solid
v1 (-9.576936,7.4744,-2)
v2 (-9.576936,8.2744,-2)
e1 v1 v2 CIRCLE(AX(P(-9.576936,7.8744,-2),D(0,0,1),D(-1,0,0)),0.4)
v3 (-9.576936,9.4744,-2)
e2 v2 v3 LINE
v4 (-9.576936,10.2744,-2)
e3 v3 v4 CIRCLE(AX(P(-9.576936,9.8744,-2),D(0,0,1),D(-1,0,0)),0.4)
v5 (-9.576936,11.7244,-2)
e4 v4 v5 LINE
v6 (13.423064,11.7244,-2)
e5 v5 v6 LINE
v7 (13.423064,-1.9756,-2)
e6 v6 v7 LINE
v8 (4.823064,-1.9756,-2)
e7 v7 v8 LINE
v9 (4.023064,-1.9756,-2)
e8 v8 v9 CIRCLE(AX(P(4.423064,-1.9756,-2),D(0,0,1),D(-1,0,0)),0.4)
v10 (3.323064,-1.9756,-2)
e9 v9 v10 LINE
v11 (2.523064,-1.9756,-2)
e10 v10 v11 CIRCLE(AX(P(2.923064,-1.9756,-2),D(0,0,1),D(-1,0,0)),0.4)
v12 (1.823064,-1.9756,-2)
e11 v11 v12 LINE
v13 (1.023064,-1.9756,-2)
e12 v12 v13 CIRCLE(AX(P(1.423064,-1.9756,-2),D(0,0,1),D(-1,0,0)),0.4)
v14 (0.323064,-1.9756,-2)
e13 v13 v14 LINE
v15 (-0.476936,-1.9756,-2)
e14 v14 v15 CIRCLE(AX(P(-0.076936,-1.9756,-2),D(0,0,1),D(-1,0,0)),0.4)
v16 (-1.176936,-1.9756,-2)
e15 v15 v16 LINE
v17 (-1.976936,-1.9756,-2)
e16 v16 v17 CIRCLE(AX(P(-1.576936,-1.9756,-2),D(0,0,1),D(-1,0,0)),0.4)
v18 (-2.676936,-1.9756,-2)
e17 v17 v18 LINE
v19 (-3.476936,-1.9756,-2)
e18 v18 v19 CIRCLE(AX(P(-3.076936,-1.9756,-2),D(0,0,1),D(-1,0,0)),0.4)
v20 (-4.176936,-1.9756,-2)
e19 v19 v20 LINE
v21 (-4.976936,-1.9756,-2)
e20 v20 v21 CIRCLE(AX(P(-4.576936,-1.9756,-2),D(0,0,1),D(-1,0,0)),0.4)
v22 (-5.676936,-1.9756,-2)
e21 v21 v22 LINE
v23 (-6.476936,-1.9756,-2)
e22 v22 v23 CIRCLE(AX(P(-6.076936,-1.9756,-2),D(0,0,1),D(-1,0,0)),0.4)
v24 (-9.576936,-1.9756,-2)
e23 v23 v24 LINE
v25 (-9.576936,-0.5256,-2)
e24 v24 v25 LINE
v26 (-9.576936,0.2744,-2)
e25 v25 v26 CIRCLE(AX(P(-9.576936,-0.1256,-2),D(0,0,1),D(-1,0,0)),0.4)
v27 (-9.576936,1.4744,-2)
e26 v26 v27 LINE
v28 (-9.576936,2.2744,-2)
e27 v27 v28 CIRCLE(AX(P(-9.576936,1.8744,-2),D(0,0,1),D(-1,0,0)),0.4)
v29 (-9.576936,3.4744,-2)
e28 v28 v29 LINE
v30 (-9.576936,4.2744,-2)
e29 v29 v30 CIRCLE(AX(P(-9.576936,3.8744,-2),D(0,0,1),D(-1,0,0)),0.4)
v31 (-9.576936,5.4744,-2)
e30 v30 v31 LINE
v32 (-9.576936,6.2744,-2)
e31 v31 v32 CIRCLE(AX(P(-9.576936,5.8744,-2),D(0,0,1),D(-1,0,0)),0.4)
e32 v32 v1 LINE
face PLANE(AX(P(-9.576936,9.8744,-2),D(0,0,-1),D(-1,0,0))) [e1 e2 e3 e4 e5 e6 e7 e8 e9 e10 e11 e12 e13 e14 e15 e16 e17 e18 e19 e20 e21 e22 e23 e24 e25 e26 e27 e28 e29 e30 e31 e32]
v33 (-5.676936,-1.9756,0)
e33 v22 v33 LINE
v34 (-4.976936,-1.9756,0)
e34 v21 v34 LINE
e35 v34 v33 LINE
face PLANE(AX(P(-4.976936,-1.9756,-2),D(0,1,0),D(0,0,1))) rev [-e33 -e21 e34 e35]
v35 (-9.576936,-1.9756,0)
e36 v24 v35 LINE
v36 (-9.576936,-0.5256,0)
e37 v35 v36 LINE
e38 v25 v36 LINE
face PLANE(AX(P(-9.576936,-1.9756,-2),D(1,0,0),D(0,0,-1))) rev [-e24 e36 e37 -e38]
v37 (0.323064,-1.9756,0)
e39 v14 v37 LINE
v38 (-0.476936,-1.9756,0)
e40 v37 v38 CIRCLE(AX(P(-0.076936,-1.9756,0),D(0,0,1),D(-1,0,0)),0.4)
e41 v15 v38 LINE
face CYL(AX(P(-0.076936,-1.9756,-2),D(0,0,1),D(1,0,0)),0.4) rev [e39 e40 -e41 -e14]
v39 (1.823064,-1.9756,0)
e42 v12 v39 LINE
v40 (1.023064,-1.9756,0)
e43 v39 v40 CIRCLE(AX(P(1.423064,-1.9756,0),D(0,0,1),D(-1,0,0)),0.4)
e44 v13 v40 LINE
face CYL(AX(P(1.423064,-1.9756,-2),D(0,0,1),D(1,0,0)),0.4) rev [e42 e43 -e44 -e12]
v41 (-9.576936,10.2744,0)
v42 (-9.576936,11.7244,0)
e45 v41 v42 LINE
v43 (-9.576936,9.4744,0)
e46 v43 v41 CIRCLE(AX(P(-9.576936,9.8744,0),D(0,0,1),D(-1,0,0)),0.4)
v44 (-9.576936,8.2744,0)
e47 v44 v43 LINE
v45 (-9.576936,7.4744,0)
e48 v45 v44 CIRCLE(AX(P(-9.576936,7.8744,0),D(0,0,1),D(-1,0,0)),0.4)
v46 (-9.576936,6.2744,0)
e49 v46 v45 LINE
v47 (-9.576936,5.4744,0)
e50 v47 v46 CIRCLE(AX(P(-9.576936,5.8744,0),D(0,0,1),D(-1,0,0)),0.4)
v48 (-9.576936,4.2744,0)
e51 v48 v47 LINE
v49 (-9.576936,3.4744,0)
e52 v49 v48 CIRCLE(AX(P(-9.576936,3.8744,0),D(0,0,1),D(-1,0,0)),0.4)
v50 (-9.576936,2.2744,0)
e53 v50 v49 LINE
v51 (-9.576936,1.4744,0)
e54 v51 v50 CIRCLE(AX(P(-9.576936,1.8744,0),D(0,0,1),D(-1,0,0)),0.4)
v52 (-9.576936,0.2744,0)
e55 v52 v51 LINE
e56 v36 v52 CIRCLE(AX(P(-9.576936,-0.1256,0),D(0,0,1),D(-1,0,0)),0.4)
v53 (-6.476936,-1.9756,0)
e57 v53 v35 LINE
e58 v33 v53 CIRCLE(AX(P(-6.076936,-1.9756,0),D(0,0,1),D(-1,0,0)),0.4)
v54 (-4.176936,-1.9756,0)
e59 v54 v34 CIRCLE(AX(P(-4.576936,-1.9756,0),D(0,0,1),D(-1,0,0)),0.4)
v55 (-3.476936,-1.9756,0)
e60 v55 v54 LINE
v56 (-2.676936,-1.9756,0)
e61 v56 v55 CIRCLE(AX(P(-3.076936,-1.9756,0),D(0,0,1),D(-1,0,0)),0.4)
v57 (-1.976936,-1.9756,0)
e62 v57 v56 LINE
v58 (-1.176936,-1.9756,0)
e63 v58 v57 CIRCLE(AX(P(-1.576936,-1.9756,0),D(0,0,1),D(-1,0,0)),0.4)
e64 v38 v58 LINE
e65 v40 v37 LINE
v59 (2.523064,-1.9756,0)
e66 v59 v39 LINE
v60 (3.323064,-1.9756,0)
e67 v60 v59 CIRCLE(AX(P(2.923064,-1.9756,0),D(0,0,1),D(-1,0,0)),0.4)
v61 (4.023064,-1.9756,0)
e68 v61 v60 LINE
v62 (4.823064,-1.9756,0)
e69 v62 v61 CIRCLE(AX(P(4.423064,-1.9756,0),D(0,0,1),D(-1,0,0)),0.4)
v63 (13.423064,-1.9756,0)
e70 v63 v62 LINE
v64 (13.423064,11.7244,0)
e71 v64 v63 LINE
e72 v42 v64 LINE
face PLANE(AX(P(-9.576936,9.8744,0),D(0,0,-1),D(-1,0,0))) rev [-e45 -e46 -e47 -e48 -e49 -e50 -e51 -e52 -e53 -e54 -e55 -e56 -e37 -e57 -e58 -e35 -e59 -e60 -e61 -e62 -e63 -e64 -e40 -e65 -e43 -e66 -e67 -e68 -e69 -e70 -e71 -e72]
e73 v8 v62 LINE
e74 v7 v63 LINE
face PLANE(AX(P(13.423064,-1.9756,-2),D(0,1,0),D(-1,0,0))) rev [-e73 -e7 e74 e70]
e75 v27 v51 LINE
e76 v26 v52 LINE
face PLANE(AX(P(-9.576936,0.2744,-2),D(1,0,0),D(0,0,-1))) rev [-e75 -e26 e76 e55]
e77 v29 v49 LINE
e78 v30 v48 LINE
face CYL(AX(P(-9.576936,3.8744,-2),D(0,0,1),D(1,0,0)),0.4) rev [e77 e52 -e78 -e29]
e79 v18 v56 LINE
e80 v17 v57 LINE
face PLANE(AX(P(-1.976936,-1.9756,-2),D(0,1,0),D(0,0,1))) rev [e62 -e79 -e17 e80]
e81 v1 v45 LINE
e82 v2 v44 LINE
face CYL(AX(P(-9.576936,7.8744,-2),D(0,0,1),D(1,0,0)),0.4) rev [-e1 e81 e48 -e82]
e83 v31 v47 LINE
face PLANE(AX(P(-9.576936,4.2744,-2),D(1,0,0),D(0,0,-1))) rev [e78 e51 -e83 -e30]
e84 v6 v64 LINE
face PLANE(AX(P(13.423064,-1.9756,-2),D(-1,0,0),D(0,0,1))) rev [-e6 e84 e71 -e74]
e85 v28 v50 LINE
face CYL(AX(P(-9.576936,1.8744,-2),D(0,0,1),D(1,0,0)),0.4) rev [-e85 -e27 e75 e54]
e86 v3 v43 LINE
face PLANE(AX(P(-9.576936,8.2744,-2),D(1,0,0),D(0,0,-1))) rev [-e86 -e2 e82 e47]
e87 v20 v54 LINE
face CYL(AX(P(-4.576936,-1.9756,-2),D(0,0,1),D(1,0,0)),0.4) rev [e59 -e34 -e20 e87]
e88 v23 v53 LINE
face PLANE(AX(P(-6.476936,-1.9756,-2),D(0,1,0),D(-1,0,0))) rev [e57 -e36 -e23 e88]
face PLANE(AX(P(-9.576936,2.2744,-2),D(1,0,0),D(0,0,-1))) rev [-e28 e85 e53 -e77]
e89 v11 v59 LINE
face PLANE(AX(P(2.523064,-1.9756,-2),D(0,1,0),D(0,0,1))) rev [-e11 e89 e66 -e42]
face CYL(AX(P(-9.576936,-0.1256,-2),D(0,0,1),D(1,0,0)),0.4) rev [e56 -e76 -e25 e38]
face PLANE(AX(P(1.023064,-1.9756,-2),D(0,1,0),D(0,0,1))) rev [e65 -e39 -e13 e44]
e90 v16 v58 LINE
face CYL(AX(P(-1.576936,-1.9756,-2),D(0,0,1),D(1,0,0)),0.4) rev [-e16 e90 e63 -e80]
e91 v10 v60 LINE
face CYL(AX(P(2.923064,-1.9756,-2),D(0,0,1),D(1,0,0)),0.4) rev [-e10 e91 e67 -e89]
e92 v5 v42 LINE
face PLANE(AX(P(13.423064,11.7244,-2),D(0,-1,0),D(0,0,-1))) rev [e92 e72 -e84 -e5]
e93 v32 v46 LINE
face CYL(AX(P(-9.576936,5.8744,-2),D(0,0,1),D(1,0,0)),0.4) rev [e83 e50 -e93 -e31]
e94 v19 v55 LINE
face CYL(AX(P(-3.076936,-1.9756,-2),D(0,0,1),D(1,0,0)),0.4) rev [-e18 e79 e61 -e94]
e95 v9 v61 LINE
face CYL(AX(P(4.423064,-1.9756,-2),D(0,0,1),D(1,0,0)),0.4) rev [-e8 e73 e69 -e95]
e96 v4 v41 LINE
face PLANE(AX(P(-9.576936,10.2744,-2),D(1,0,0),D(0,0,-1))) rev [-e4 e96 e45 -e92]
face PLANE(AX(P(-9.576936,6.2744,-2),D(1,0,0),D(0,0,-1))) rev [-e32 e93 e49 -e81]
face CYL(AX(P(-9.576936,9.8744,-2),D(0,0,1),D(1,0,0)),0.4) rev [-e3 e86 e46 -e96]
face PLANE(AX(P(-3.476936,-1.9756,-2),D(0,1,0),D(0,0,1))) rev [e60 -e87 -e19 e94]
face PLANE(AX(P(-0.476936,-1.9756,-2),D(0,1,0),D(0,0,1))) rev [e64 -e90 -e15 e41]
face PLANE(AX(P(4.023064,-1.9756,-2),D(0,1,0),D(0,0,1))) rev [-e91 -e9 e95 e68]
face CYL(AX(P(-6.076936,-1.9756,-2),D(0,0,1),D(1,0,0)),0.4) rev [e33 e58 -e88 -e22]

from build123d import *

# Parameters (mm, degrees)
EXTRUDE_1_DEPTH = 2


with BuildPart() as part:
    # Эскиз1 → Бобышка-Вытянуть1 (new body)
    with BuildSketch(Plane(origin=(0, 0, 0), x_dir=(-1, 0, 0), z_dir=(0, 0, -1))):
        with BuildLine():
            Line((-4.023063957, -1.975599526), (-3.323063957, -1.975599526))
            ThreePointArc((-3.323063957, -1.975599526), (-2.923063957, -1.575599526), (-2.523063957, -1.975599526))
            Line((-2.523063957, -1.975599526), (-1.823063957, -1.975599526))
            ThreePointArc((-1.823063957, -1.975599526), (-1.423063957, -1.575599526), (-1.023063957, -1.975599526))
            Line((-1.023063957, -1.975599526), (-0.323063957, -1.975599526))
            ThreePointArc((-0.323063957, -1.975599526), (0.076936043, -1.575599526), (0.476936043, -1.975599526))
            Line((0.476936043, -1.975599526), (1.176936043, -1.975599526))
            ThreePointArc((1.176936043, -1.975599526), (1.576936043, -1.575599526), (1.976936043, -1.975599526))
            Line((1.976936043, -1.975599526), (2.676936043, -1.975599526))
            ThreePointArc((2.676936043, -1.975599526), (3.076936043, -1.575599526), (3.476936043, -1.975599526))
            Line((3.476936043, -1.975599526), (4.176936043, -1.975599526))
            ThreePointArc((4.176936043, -1.975599526), (4.576936043, -1.575599526), (4.976936043, -1.975599526))
            Line((4.976936043, -1.975599526), (5.676936043, -1.975599526))
            ThreePointArc((5.676936043, -1.975599526), (6.076936043, -1.575599526), (6.476936043, -1.975599526))
            Line((6.476936043, -1.975599526), (9.576936043, -1.975599526))
            Line((9.576936043, -1.975599526), (9.576936043, -0.525599526))
            ThreePointArc((9.576936043, -0.525599526), (9.176936043, -0.125599526), (9.576936043, 0.274400474))
            Line((9.576936043, 0.274400474), (9.576936043, 1.474400474))
            ThreePointArc((9.576936043, 1.474400474), (9.176936043, 1.874400474), (9.576936043, 2.274400474))
            Line((9.576936043, 2.274400474), (9.576936043, 3.474400474))
            ThreePointArc((9.576936043, 3.474400474), (9.176936043, 3.874400474), (9.576936043, 4.274400474))
            Line((9.576936043, 4.274400474), (9.576936043, 5.474400474))
            ThreePointArc((9.576936043, 5.474400474), (9.176936043, 5.874400474), (9.576936043, 6.274400474))
            Line((9.576936043, 6.274400474), (9.576936043, 7.474400474))
            ThreePointArc((9.576936043, 7.474400474), (9.176936043, 7.874400474), (9.576936043, 8.274400474))
            Line((9.576936043, 8.274400474), (9.576936043, 9.474400474))
            ThreePointArc((9.576936043, 9.474400474), (9.176936043, 9.874400474), (9.576936043, 10.274400474))
            Line((9.576936043, 10.274400474), (9.576936043, 11.724400474))
            Line((9.576936043, 11.724400474), (-13.423063957, 11.724400474))
            Line((-13.423063957, 11.724400474), (-13.423063957, -1.975599526))
            Line((-13.423063957, -1.975599526), (-4.823063957, -1.975599526))
            ThreePointArc((-4.823063957, -1.975599526), (-4.423063957, -1.575599526), (-4.023063957, -1.975599526))
        make_face()
    extrude(amount=EXTRUDE_1_DEPTH)


solid = part.part
